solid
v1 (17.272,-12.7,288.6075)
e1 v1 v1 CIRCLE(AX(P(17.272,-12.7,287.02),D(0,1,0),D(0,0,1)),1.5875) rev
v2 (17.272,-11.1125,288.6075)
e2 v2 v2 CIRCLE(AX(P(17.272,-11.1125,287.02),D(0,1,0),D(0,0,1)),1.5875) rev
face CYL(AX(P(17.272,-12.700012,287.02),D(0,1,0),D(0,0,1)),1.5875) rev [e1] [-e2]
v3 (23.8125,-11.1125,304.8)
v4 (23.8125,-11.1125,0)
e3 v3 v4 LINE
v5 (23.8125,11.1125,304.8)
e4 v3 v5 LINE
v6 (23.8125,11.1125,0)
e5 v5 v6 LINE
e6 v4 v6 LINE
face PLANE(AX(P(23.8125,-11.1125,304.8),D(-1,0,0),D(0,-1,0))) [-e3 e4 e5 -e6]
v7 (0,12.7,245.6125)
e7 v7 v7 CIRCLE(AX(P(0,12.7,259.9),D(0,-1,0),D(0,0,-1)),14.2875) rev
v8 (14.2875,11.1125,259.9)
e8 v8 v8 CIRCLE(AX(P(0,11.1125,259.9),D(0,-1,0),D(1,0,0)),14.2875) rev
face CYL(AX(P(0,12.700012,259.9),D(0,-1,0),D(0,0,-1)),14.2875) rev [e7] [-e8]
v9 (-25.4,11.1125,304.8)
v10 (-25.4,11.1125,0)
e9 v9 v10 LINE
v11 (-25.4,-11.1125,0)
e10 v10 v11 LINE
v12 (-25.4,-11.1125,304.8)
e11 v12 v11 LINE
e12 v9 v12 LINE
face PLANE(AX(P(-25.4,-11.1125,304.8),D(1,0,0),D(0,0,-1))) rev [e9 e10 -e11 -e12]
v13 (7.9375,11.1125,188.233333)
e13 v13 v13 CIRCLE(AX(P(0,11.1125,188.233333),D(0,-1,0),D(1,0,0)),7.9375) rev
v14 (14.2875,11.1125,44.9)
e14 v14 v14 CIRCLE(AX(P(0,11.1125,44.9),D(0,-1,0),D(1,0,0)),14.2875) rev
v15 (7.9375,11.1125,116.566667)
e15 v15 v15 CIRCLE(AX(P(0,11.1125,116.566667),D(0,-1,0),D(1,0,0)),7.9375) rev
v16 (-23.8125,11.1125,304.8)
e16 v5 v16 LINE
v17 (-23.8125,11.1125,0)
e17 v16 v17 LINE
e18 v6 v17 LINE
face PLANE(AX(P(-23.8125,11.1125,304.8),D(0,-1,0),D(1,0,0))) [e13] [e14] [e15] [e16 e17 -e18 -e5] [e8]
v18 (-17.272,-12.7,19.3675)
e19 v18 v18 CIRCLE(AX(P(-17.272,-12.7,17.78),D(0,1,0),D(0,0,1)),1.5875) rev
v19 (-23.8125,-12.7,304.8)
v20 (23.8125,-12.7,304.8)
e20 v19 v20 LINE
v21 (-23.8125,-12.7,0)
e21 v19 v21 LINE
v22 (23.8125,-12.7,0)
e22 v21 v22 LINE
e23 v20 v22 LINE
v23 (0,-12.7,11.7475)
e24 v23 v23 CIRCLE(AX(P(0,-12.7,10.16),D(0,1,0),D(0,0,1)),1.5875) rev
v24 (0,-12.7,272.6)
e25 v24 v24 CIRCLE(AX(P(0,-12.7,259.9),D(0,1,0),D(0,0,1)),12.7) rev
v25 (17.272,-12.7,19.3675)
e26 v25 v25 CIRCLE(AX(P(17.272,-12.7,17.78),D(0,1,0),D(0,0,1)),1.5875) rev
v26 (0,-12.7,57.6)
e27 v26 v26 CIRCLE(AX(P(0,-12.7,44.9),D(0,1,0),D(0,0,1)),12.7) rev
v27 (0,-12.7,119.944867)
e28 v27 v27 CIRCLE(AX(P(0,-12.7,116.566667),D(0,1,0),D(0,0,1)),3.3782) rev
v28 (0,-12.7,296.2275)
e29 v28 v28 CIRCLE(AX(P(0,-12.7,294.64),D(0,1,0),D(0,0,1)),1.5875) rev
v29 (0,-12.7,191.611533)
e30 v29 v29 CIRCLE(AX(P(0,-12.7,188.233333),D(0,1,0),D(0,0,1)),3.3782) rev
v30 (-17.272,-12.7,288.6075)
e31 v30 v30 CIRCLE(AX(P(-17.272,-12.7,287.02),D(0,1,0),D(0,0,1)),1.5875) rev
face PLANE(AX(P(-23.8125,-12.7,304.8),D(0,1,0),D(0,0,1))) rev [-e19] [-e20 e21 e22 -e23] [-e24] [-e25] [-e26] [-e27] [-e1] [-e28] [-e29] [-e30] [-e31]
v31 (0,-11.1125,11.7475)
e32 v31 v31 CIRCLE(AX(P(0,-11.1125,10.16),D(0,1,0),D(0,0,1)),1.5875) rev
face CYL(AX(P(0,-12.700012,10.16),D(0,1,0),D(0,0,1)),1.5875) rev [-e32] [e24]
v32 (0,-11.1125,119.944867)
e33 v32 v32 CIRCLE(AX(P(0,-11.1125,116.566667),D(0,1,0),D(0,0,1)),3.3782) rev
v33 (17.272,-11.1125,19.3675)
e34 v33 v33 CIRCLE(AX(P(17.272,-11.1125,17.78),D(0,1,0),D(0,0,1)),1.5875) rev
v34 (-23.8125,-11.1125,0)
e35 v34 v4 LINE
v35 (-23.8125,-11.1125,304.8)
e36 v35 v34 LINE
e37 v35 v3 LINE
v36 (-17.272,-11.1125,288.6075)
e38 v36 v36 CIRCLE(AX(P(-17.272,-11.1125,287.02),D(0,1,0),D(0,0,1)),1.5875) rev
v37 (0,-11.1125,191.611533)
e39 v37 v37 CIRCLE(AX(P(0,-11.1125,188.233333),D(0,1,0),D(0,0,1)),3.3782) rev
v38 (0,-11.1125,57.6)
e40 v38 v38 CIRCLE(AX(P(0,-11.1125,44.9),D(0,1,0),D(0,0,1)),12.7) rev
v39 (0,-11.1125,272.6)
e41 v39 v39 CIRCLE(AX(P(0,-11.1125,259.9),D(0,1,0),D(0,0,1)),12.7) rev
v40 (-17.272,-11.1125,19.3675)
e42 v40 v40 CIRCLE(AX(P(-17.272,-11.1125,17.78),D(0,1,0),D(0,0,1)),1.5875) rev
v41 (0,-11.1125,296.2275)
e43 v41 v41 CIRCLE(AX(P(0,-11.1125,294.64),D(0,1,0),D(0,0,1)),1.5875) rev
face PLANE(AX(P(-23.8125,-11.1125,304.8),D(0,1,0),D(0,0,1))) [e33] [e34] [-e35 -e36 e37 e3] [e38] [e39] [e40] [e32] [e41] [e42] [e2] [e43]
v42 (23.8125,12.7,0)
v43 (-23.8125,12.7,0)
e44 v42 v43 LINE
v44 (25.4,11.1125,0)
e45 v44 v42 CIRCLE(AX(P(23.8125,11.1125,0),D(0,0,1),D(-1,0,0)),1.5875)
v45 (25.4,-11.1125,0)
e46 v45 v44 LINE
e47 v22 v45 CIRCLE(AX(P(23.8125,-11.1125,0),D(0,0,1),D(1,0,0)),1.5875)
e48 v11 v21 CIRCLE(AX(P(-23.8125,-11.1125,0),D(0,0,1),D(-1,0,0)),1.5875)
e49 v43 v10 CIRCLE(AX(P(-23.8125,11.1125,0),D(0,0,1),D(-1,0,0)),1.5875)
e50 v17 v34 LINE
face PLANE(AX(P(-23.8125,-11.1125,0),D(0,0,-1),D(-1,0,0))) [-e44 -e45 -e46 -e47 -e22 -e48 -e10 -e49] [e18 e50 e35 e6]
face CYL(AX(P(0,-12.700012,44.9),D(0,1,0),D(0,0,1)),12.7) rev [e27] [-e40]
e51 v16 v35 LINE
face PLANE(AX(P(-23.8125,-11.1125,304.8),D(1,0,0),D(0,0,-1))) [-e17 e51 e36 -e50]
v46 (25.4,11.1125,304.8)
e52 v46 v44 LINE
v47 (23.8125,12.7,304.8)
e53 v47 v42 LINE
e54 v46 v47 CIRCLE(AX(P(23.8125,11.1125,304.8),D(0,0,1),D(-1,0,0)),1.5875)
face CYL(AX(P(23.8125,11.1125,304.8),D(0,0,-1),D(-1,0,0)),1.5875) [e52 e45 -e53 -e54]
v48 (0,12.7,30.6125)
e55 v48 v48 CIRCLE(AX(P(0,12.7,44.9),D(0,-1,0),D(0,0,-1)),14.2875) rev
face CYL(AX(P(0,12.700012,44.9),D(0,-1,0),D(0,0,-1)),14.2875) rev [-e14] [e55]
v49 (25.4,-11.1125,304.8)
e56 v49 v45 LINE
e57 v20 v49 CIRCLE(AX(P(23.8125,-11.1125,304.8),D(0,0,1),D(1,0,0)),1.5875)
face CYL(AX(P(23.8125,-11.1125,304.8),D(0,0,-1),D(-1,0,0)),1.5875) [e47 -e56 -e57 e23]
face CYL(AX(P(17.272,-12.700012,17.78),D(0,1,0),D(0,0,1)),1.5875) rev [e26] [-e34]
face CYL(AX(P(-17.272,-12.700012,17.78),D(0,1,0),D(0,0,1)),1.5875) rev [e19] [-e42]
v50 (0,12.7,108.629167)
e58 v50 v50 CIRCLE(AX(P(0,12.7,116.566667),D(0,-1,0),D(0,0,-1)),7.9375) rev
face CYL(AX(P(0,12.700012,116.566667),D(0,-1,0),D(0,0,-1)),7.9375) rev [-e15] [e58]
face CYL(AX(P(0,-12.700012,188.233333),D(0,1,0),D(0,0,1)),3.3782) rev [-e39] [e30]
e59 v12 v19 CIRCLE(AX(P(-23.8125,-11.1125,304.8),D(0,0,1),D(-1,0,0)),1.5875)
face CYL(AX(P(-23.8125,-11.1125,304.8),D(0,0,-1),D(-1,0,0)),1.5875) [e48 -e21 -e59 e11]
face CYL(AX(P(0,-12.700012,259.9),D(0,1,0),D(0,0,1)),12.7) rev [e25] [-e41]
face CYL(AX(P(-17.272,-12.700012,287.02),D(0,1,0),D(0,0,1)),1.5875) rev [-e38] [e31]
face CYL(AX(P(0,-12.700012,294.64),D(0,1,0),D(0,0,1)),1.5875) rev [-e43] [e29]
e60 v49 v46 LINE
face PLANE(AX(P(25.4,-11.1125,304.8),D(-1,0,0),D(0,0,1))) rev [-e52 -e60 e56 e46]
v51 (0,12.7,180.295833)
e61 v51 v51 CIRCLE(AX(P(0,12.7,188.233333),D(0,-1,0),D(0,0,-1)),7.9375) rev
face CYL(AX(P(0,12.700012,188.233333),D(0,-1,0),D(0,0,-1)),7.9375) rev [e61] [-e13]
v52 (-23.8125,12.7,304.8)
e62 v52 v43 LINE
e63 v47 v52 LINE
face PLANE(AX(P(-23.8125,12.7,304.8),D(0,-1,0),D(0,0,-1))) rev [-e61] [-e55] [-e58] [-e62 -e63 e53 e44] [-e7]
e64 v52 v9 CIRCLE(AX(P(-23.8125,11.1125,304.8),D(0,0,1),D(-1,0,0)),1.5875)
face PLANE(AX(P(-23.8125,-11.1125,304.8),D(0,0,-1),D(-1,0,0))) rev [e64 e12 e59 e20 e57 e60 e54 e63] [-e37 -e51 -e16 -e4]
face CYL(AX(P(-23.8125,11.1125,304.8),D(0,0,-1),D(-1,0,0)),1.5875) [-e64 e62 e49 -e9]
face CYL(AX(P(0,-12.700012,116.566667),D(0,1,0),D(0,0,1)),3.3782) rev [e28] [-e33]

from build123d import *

# Parameters (mm, degrees)
SKETCH1_W                      = 47.625
SKETCH1_H                      = 22.225
BOSS_EXTRUDE1_DEPTH            = 304.8
CUT_EXTRUDE1_REACH             = 27.4
SKETCH2_R                      = 14.2875
CUT_EXTRUDE1_DIRECTION_2_DEPTH = 1
CUT_EXTRUDE2_REACH             = 27.4
SKETCH3_R                      = 12.7
CUT_EXTRUDE2_DIRECTION_2_DEPTH = 1
CUT_EXTRUDE5_REACH             = 27.4
SKETCH6_R                      = 3.3782
CUT_EXTRUDE5_DIRECTION_2_DEPTH = 1
CUT_EXTRUDE6_REACH             = 27.4
SKETCH7_R                      = 7.9375
CUT_EXTRUDE6_DIRECTION_2_DEPTH = 1
CUT_EXTRUDE7_REACH             = 27.4
SKETCH8_R                      = 1.5875
CUT_EXTRUDE7_DIRECTION_2_DEPTH = 1


with BuildPart() as part:
    # Sketch1 → Boss-Extrude1 (new body)
    with BuildSketch(Plane.XY):
        with BuildLine():
            Line((-23.8125, -12.7), (23.8125, -12.7))
            ThreePointArc((23.8125, -12.7), (24.935032015, -12.235032015), (25.4, -11.1125))
            Line((25.4, -11.1125), (25.4, 11.1125))
            ThreePointArc((25.4, 11.1125), (24.935032015, 12.235032015), (23.8125, 12.7))
            Line((23.8125, 12.7), (-23.8125, 12.7))
            ThreePointArc((-23.8125, 12.7), (-24.935032015, 12.235032015), (-25.4, 11.1125))
            Line((-25.4, 11.1125), (-25.4, -11.1125))
            ThreePointArc((-25.4, -11.1125), (-24.935032015, -12.235032015), (-23.8125, -12.7))
        make_face()
        Rectangle(SKETCH1_W, SKETCH1_H, mode=Mode.SUBTRACT)
    extrude(amount=BOSS_EXTRUDE1_DEPTH)

    # Sketch2 → Cut-Extrude1 (cut, up to next)
    with BuildSketch(Plane(origin=(0, 12.7, 0), x_dir=(1, 0, 0), z_dir=(0, 1, 0)), mode=Mode.PRIVATE) as cut_extrude1_sk1:
        with Locations((0, -259.9)):
            Circle(SKETCH2_R)
    cut_extrude1_tool1 = extrude(cut_extrude1_sk1.sketch, amount=-CUT_EXTRUDE1_REACH, mode=Mode.PRIVATE) & part.part
    add(cut_extrude1_tool1.solids().sort_by_distance((0, 12.7, 259.9))[0], mode=Mode.SUBTRACT)
    # Sketch2 → Cut-Extrude1 (cut, up to next)
    with BuildSketch(Plane(origin=(0, 12.7, 0), x_dir=(1, 0, 0), z_dir=(0, 1, 0)), mode=Mode.PRIVATE) as cut_extrude1_sk2:
        with Locations((0, -44.9)):
            Circle(SKETCH2_R)
    cut_extrude1_tool2 = extrude(cut_extrude1_sk2.sketch, amount=-CUT_EXTRUDE1_REACH, mode=Mode.PRIVATE) & part.part
    add(cut_extrude1_tool2.solids().sort_by_distance((0, 12.7, 44.9))[0], mode=Mode.SUBTRACT)

    # Sketch2 → Cut-Extrude1 direction 2 (cut)
    with BuildSketch(Plane(origin=(0, 12.7, 0), x_dir=(1, 0, 0), z_dir=(0, 1, 0))):
        with Locations((0, -259.9)):
            Circle(SKETCH2_R)
        with Locations((0, -44.9)):
            Circle(SKETCH2_R)
    extrude(amount=CUT_EXTRUDE1_DIRECTION_2_DEPTH, mode=Mode.SUBTRACT)

    # Sketch3 → Cut-Extrude2 (cut, up to next)
    with BuildSketch(Plane.XZ.offset(12.7), mode=Mode.PRIVATE) as cut_extrude2_sk1:
        with Locations((0, 44.9)):
            Circle(SKETCH3_R)
    cut_extrude2_tool1 = extrude(cut_extrude2_sk1.sketch, amount=-CUT_EXTRUDE2_REACH, mode=Mode.PRIVATE) & part.part
    add(cut_extrude2_tool1.solids().sort_by_distance((0, -12.7, 44.9))[0], mode=Mode.SUBTRACT)
    # Sketch3 → Cut-Extrude2 (cut, up to next)
    with BuildSketch(Plane.XZ.offset(12.7), mode=Mode.PRIVATE) as cut_extrude2_sk2:
        with Locations((0, 259.9)):
            Circle(SKETCH3_R)
    cut_extrude2_tool2 = extrude(cut_extrude2_sk2.sketch, amount=-CUT_EXTRUDE2_REACH, mode=Mode.PRIVATE) & part.part
    add(cut_extrude2_tool2.solids().sort_by_distance((0, -12.7, 259.9))[0], mode=Mode.SUBTRACT)

    # Sketch3 → Cut-Extrude2 direction 2 (cut)
    with BuildSketch(Plane.XZ.offset(12.7)):
        with Locations((0, 44.9)):
            Circle(SKETCH3_R)
        with Locations((0, 259.9)):
            Circle(SKETCH3_R)
    extrude(amount=CUT_EXTRUDE2_DIRECTION_2_DEPTH, mode=Mode.SUBTRACT)

    # Sketch6 → Cut-Extrude5 (cut, up to next)
    with BuildSketch(Plane.XZ.offset(12.7), mode=Mode.PRIVATE) as cut_extrude5_sk1:
        with Locations((0, 116.566667182)):
            Circle(SKETCH6_R)
    cut_extrude5_tool1 = extrude(cut_extrude5_sk1.sketch, amount=-CUT_EXTRUDE5_REACH, mode=Mode.PRIVATE) & part.part
    add(cut_extrude5_tool1.solids().sort_by_distance((0, -12.7, 116.566667))[0], mode=Mode.SUBTRACT)
    # Sketch6 → Cut-Extrude5 (cut, up to next)
    with BuildSketch(Plane.XZ.offset(12.7), mode=Mode.PRIVATE) as cut_extrude5_sk2:
        with Locations((0, 188.233332818)):
            Circle(SKETCH6_R)
    cut_extrude5_tool2 = extrude(cut_extrude5_sk2.sketch, amount=-CUT_EXTRUDE5_REACH, mode=Mode.PRIVATE) & part.part
    add(cut_extrude5_tool2.solids().sort_by_distance((0, -12.7, 188.233333))[0], mode=Mode.SUBTRACT)

    # Sketch6 → Cut-Extrude5 direction 2 (cut)
    with BuildSketch(Plane.XZ.offset(12.7)):
        with Locations((0, 116.566667182)):
            Circle(SKETCH6_R)
        with Locations((0, 188.233332818)):
            Circle(SKETCH6_R)
    extrude(amount=CUT_EXTRUDE5_DIRECTION_2_DEPTH, mode=Mode.SUBTRACT)

    # Sketch7 → Cut-Extrude6 (cut, up to next)
    with BuildSketch(Plane(origin=(0, 12.7, 0), x_dir=(1, 0, 0), z_dir=(0, 1, 0)), mode=Mode.PRIVATE) as cut_extrude6_sk1:
        with Locations((0, -116.566667182)):
            Circle(SKETCH7_R)
    cut_extrude6_tool1 = extrude(cut_extrude6_sk1.sketch, amount=-CUT_EXTRUDE6_REACH, mode=Mode.PRIVATE) & part.part
    add(cut_extrude6_tool1.solids().sort_by_distance((0, 12.7, 116.566667))[0], mode=Mode.SUBTRACT)
    # Sketch7 → Cut-Extrude6 (cut, up to next)
    with BuildSketch(Plane(origin=(0, 12.7, 0), x_dir=(1, 0, 0), z_dir=(0, 1, 0)), mode=Mode.PRIVATE) as cut_extrude6_sk2:
        with Locations((0, -188.233332818)):
            Circle(SKETCH7_R)
    cut_extrude6_tool2 = extrude(cut_extrude6_sk2.sketch, amount=-CUT_EXTRUDE6_REACH, mode=Mode.PRIVATE) & part.part
    add(cut_extrude6_tool2.solids().sort_by_distance((0, 12.7, 188.233333))[0], mode=Mode.SUBTRACT)

    # Sketch7 → Cut-Extrude6 direction 2 (cut)
    with BuildSketch(Plane(origin=(0, 12.7, 0), x_dir=(1, 0, 0), z_dir=(0, 1, 0))):
        with Locations((0, -116.566667182)):
            Circle(SKETCH7_R)
        with Locations((0, -188.233332818)):
            Circle(SKETCH7_R)
    extrude(amount=CUT_EXTRUDE6_DIRECTION_2_DEPTH, mode=Mode.SUBTRACT)

    # Sketch8 → Cut-Extrude7 (cut, up to next)
    with BuildSketch(Plane.XZ.offset(12.7), mode=Mode.PRIVATE) as cut_extrude7_sk1:
        with Locations((17.272, 287.02)):
            Circle(SKETCH8_R)
    cut_extrude7_tool1 = extrude(cut_extrude7_sk1.sketch, amount=-CUT_EXTRUDE7_REACH, mode=Mode.PRIVATE) & part.part
    add(cut_extrude7_tool1.solids().sort_by_distance((17.272, -12.7, 287.02))[0], mode=Mode.SUBTRACT)
    # Sketch8 → Cut-Extrude7 (cut, up to next)
    with BuildSketch(Plane.XZ.offset(12.7), mode=Mode.PRIVATE) as cut_extrude7_sk2:
        with Locations((0, 294.64)):
            Circle(SKETCH8_R)
    cut_extrude7_tool2 = extrude(cut_extrude7_sk2.sketch, amount=-CUT_EXTRUDE7_REACH, mode=Mode.PRIVATE) & part.part
    add(cut_extrude7_tool2.solids().sort_by_distance((0, -12.7, 294.64))[0], mode=Mode.SUBTRACT)
    # Sketch8 → Cut-Extrude7 (cut, up to next)
    with BuildSketch(Plane.XZ.offset(12.7), mode=Mode.PRIVATE) as cut_extrude7_sk3:
        with Locations((-17.272, 287.02)):
            Circle(SKETCH8_R)
    cut_extrude7_tool3 = extrude(cut_extrude7_sk3.sketch, amount=-CUT_EXTRUDE7_REACH, mode=Mode.PRIVATE) & part.part
    add(cut_extrude7_tool3.solids().sort_by_distance((-17.272, -12.7, 287.02))[0], mode=Mode.SUBTRACT)
    # Sketch8 → Cut-Extrude7 (cut, up to next)
    with BuildSketch(Plane.XZ.offset(12.7), mode=Mode.PRIVATE) as cut_extrude7_sk4:
        with Locations((-17.272, 17.78)):
            Circle(SKETCH8_R)
    cut_extrude7_tool4 = extrude(cut_extrude7_sk4.sketch, amount=-CUT_EXTRUDE7_REACH, mode=Mode.PRIVATE) & part.part
    add(cut_extrude7_tool4.solids().sort_by_distance((-17.272, -12.7, 17.78))[0], mode=Mode.SUBTRACT)
    # Sketch8 → Cut-Extrude7 (cut, up to next)
    with BuildSketch(Plane.XZ.offset(12.7), mode=Mode.PRIVATE) as cut_extrude7_sk5:
        with Locations((0, 10.16)):
            Circle(SKETCH8_R)
    cut_extrude7_tool5 = extrude(cut_extrude7_sk5.sketch, amount=-CUT_EXTRUDE7_REACH, mode=Mode.PRIVATE) & part.part
    add(cut_extrude7_tool5.solids().sort_by_distance((0, -12.7, 10.16))[0], mode=Mode.SUBTRACT)
    # Sketch8 → Cut-Extrude7 (cut, up to next)
    with BuildSketch(Plane.XZ.offset(12.7), mode=Mode.PRIVATE) as cut_extrude7_sk6:
        with Locations((17.272, 17.78)):
            Circle(SKETCH8_R)
    cut_extrude7_tool6 = extrude(cut_extrude7_sk6.sketch, amount=-CUT_EXTRUDE7_REACH, mode=Mode.PRIVATE) & part.part
    add(cut_extrude7_tool6.solids().sort_by_distance((17.272, -12.7, 17.78))[0], mode=Mode.SUBTRACT)

    # Sketch8 → Cut-Extrude7 direction 2 (cut)
    with BuildSketch(Plane.XZ.offset(12.7)):
        with Locations((17.272, 287.02)):
            Circle(SKETCH8_R)
        with Locations((0, 294.64)):
            Circle(SKETCH8_R)
        with Locations((-17.272, 287.02)):
            Circle(SKETCH8_R)
        with Locations((-17.272, 17.78)):
            Circle(SKETCH8_R)
        with Locations((0, 10.16)):
            Circle(SKETCH8_R)
        with Locations((17.272, 17.78)):
            Circle(SKETCH8_R)
    extrude(amount=CUT_EXTRUDE7_DIRECTION_2_DEPTH, mode=Mode.SUBTRACT)


solid = part.part
